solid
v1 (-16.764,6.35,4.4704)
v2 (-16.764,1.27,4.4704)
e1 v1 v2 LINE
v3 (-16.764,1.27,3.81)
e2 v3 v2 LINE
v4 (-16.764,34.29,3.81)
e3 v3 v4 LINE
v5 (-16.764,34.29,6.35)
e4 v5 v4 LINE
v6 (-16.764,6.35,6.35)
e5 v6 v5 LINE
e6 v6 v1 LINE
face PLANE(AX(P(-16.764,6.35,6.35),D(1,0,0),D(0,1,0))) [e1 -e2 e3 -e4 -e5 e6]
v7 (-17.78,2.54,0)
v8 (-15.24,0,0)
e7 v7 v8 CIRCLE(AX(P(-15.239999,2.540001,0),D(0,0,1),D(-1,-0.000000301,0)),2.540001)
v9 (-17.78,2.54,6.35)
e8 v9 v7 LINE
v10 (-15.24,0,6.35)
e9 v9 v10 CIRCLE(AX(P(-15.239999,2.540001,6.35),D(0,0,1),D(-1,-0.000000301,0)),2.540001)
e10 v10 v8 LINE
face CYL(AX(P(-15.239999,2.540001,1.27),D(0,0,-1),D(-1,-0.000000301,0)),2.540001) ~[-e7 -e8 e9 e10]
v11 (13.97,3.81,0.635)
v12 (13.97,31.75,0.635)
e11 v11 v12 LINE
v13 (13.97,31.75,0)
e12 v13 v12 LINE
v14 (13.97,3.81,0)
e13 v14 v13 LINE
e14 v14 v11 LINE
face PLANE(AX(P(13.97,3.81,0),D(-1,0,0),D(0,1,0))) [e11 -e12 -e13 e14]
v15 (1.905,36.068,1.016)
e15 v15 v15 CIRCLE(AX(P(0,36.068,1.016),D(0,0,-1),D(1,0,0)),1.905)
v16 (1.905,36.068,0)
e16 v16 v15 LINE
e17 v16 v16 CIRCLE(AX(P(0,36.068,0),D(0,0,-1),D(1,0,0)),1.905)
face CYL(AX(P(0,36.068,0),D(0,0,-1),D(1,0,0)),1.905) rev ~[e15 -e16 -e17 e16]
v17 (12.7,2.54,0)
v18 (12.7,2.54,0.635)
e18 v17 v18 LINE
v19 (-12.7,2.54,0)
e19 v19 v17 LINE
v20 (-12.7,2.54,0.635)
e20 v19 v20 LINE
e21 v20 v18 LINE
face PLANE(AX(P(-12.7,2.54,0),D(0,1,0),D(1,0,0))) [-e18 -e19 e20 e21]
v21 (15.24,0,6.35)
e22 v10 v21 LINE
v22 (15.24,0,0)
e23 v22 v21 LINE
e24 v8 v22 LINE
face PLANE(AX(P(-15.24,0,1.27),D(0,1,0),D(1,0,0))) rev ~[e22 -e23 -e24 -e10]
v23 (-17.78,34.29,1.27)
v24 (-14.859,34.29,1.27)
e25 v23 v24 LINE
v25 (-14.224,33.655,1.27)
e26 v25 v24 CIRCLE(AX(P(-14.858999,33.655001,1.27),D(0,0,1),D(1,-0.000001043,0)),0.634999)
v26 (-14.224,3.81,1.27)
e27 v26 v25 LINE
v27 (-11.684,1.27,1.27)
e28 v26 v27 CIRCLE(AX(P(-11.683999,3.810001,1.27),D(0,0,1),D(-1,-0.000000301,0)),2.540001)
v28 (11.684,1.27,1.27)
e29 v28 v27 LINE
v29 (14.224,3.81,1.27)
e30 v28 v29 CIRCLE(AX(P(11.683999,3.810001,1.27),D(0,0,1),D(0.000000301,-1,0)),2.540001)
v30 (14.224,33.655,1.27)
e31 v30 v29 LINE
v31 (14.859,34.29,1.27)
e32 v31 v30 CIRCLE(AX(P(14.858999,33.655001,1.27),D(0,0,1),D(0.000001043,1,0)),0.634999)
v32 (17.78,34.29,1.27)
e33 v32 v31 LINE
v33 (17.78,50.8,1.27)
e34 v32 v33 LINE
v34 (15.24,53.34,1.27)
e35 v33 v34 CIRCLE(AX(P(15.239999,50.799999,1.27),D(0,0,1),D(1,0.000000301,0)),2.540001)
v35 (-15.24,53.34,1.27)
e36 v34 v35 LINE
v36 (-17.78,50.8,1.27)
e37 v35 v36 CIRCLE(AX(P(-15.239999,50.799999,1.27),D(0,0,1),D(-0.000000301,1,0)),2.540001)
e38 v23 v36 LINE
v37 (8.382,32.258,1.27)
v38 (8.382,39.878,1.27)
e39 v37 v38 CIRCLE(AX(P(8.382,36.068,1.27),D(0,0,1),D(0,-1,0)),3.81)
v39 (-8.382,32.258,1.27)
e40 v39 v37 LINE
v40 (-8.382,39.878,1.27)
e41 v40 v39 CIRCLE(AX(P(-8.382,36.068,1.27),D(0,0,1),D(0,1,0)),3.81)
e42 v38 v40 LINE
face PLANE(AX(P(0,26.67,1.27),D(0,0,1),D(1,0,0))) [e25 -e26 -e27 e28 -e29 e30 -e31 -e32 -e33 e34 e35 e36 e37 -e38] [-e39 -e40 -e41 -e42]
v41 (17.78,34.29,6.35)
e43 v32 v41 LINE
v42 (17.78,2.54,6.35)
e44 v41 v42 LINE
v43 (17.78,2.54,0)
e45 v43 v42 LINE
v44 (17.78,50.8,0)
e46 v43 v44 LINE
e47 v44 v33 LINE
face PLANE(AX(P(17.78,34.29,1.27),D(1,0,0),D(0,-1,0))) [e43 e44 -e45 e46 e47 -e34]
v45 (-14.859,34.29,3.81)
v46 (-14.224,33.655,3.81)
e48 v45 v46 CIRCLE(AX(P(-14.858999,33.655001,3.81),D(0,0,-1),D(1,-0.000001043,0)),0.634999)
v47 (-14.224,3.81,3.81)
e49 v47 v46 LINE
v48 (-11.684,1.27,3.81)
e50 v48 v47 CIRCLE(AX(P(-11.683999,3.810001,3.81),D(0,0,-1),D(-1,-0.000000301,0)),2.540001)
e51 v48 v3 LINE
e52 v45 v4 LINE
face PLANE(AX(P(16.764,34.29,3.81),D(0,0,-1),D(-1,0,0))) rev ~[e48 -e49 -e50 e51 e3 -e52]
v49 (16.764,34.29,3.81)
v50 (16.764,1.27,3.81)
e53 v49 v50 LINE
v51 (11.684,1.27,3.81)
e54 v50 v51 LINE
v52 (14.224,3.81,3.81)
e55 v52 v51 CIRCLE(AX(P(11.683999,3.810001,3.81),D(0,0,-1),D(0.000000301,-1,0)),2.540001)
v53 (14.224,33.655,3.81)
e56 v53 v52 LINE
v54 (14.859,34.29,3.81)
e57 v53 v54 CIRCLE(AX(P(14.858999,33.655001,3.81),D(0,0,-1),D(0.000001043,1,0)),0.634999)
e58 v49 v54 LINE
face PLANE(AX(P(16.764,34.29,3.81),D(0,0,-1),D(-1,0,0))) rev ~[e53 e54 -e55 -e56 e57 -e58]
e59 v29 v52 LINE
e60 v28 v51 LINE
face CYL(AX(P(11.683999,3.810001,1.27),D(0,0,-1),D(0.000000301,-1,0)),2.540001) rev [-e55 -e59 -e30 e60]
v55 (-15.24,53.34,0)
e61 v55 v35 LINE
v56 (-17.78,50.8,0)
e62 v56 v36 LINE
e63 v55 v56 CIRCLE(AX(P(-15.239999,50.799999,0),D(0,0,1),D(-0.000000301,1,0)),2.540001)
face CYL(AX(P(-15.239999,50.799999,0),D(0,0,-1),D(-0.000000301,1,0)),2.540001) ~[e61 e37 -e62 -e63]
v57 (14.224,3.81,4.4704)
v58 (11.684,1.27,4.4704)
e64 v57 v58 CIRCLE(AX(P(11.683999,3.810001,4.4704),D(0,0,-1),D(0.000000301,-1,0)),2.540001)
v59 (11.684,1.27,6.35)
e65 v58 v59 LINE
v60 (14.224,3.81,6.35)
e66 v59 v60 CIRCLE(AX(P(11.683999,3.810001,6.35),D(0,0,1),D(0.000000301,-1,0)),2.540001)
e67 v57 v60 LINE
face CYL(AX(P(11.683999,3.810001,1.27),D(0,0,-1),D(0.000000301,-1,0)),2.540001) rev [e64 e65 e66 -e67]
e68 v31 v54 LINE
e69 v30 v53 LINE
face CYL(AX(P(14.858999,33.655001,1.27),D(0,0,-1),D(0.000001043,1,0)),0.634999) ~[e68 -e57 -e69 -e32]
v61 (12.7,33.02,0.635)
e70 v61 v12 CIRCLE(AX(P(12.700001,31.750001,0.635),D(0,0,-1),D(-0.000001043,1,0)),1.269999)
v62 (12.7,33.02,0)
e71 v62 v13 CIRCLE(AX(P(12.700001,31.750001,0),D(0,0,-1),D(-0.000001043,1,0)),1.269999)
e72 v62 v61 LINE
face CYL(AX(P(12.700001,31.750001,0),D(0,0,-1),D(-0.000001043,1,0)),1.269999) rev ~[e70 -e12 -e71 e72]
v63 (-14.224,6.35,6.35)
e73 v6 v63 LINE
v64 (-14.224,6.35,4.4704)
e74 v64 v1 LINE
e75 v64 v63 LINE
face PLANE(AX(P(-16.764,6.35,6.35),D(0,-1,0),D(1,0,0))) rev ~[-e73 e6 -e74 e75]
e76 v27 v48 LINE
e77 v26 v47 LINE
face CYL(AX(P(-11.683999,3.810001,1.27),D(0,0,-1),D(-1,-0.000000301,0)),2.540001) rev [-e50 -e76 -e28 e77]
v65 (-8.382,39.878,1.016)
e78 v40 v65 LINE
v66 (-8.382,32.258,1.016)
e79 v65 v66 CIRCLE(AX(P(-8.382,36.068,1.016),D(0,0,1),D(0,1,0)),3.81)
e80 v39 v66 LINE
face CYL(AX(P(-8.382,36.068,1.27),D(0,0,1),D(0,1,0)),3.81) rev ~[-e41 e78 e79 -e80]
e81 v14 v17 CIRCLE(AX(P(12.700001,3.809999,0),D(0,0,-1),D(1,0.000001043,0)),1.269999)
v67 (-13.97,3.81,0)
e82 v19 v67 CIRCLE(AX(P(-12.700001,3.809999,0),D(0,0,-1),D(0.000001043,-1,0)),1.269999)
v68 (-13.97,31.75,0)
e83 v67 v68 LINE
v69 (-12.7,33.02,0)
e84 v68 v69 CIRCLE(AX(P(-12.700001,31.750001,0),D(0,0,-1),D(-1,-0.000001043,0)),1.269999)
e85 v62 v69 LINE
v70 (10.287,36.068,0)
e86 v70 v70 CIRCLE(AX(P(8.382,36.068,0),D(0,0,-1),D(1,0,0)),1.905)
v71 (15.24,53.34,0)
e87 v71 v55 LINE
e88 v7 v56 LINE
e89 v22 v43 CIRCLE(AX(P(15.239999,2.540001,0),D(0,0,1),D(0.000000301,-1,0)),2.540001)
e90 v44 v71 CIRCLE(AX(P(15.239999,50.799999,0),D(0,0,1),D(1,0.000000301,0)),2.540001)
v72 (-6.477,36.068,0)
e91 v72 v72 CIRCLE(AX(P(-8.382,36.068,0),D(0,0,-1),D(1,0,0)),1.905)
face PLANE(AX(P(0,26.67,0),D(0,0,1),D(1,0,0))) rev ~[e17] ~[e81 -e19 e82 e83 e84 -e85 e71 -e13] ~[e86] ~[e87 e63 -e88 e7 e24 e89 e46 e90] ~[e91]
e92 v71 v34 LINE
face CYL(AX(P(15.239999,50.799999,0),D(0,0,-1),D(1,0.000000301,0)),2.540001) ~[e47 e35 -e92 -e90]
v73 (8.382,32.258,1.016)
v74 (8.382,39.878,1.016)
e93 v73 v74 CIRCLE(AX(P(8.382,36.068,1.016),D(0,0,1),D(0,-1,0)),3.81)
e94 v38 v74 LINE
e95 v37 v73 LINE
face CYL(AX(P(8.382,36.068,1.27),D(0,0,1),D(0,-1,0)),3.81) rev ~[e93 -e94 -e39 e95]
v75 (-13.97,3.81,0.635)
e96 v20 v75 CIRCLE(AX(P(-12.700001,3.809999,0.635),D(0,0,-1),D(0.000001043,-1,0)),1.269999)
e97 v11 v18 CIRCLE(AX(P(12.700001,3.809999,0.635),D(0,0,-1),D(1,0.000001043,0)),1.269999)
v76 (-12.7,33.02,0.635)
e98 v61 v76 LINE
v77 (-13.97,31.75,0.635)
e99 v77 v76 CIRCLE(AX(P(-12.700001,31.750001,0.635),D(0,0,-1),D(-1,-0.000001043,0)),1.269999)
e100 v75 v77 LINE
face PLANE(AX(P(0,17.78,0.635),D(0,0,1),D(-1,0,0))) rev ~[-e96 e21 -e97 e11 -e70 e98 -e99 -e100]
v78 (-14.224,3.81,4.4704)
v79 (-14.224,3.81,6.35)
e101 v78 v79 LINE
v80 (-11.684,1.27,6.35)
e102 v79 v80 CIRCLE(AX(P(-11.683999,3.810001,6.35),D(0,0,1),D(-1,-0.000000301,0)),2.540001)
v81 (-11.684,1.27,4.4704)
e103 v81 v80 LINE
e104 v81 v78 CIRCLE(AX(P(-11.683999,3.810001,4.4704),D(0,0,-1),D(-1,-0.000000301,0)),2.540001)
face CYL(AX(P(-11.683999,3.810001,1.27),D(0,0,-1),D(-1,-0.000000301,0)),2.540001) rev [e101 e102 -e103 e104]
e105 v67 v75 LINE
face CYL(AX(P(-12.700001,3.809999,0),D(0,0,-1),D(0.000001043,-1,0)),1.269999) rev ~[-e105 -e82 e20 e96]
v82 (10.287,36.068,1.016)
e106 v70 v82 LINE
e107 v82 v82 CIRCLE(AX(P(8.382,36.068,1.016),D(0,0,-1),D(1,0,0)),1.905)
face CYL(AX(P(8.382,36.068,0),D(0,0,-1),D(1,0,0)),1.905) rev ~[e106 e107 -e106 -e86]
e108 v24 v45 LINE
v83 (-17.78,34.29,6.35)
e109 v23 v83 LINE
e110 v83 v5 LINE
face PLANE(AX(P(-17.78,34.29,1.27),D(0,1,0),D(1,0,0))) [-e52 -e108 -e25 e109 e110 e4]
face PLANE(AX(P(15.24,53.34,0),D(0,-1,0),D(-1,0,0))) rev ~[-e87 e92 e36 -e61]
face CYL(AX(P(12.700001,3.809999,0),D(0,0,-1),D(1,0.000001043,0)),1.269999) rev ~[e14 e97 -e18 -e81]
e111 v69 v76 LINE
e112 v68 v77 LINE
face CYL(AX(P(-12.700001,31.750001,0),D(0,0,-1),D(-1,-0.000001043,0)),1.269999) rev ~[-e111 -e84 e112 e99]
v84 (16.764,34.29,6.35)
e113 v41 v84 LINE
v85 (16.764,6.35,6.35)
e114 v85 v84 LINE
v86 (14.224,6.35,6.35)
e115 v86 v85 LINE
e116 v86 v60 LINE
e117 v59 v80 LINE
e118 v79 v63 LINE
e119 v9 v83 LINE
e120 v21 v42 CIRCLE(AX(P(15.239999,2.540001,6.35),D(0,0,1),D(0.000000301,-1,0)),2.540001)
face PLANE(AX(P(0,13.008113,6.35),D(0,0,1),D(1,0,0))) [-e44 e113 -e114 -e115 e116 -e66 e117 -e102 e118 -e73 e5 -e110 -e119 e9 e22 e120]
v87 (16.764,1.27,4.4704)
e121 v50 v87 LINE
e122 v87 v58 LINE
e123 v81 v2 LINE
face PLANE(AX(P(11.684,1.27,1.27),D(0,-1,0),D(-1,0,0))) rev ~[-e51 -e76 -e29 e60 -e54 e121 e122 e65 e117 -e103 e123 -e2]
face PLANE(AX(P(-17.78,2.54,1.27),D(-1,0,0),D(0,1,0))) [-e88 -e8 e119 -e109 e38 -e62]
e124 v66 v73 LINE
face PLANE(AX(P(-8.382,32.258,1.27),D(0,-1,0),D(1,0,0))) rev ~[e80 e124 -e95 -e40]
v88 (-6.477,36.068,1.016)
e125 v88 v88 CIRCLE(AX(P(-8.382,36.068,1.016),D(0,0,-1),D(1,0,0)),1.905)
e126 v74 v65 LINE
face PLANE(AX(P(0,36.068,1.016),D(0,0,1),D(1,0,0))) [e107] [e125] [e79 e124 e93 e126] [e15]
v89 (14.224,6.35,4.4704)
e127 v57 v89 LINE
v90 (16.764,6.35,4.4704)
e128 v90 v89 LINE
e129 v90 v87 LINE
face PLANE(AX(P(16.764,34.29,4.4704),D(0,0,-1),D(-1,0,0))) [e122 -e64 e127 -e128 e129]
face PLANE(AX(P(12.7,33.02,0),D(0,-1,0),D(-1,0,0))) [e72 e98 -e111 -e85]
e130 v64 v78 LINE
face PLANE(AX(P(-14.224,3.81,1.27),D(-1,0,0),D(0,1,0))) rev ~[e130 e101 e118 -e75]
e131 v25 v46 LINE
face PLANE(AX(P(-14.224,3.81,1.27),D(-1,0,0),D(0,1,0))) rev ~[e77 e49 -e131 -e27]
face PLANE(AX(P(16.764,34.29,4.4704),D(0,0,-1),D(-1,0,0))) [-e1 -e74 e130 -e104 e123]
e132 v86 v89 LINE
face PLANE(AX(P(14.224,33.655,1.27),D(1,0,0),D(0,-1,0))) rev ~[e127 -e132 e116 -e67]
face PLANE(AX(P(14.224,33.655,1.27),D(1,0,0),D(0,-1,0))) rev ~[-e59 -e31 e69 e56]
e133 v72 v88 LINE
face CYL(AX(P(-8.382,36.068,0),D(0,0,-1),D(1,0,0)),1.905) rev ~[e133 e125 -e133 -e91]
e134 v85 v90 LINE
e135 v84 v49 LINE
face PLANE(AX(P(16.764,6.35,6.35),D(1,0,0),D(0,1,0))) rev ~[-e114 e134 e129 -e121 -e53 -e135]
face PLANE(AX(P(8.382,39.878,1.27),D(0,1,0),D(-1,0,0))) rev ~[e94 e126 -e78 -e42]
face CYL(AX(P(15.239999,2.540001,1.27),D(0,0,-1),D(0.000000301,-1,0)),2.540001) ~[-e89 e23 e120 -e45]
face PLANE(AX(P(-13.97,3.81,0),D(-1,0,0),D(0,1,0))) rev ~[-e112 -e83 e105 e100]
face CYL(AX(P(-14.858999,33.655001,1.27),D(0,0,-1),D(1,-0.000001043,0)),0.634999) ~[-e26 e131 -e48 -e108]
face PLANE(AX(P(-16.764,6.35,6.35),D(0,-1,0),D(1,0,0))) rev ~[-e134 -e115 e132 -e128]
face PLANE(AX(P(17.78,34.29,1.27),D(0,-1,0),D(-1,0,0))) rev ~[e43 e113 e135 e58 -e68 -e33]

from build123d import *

# Parameters (mm, degrees)
PAD_DEPTH       = 1.27
POCKET_DEPTH    = 0.635
SKETCH002_R     = 1.905
POCKET001_DEPTH = 5.08
PAD001_DEPTH    = 5.08
SKETCH005_W     = 33.528
SKETCH005_H     = 0.6604
POCKET002_DEPTH = 33.02
SKETCH006_W     = 33.528
SKETCH006_H     = 27.94
POCKET003_DEPTH = 2.54
POCKET004_DEPTH = 0.254


with BuildPart() as part:
    # Sketch → Pad (new body)
    with BuildSketch(Plane.XY):
        with BuildLine():
            Line((-15.24, 0), (15.24, 0))
            ThreePointArc((15.24, 0), (17.036051, 0.743949), (17.78, 2.54))
            Line((17.78, 2.54), (17.78, 50.8))
            ThreePointArc((17.78, 50.8), (17.036051, 52.596051), (15.24, 53.34))
            Line((15.24, 53.34), (-15.24, 53.34))
            ThreePointArc((-15.24, 53.34), (-17.036051, 52.596051), (-17.78, 50.8))
            Line((-17.78, 2.54), (-17.78, 50.8))
            ThreePointArc((-17.78, 2.54), (-17.036051, 0.743949), (-15.24, 0))
        make_face()
    extrude(amount=PAD_DEPTH)

    # Sketch001 (on Face9 of Pad) → Pocket (cut)
    with BuildSketch(Plane(origin=(0, 0, 0), x_dir=(1, 0, 0), z_dir=(0, 0, -1))):
        with BuildLine():
            Line((-12.7, -2.54), (12.7, -2.54))
            ThreePointArc((13.97, -3.81), (13.598026, -2.911974), (12.7, -2.54))
            Line((13.97, -3.81), (13.97, -31.75))
            ThreePointArc((12.7, -33.02), (13.598026, -32.648026), (13.97, -31.75))
            Line((12.7, -33.02), (-12.7, -33.02))
            ThreePointArc((-13.97, -31.75), (-13.598026, -32.648026), (-12.7, -33.02))
            Line((-13.97, -3.81), (-13.97, -31.75))
            ThreePointArc((-12.7, -2.54), (-13.598026, -2.911974), (-13.97, -3.81))
        make_face()
    extrude(amount=-POCKET_DEPTH, mode=Mode.SUBTRACT)

    # Sketch002 (on Face4 of Pocket) → Pocket001 (cut)
    with BuildSketch(Plane(origin=(0, 0, 0), x_dir=(1, 0, 0), z_dir=(0, 0, -1))):
        with Locations((0, -36.068)):
            Circle(SKETCH002_R)
        with Locations((8.382, -36.068)):
            Circle(SKETCH002_R)
        with Locations((-8.382, -36.068)):
            Circle(SKETCH002_R)
    extrude(amount=-POCKET001_DEPTH, mode=Mode.SUBTRACT)

    # Sketch004 (on Face5 of Pocket001) → Pad001 (join)
    with BuildSketch(Plane.XY.offset(1.27)):
        with BuildLine():
            Line((-15.24, 0), (15.24, 0))
            ThreePointArc((15.24, 0), (17.036051, 0.743949), (17.78, 2.54))
            Line((17.78, 34.29), (17.78, 2.54))
            Line((17.78, 34.29), (14.859, 34.29))
            ThreePointArc((14.859, 34.29), (14.409987, 34.104013), (14.224, 33.655))
            Line((14.224, 33.655), (14.224, 3.81))
            ThreePointArc((11.684, 1.27), (13.480051, 2.013949), (14.224, 3.81))
            Line((11.684, 1.27), (-11.684, 1.27))
            ThreePointArc((-14.224, 3.81), (-13.480051, 2.013949), (-11.684, 1.27))
            Line((-14.224, 3.81), (-14.224, 33.655))
            ThreePointArc((-14.224, 33.655), (-14.409987, 34.104013), (-14.859, 34.29))
            Line((-17.78, 34.29), (-14.859, 34.29))
            Line((-17.78, 2.54), (-17.78, 34.29))
            ThreePointArc((-17.78, 2.54), (-17.036051, 0.743949), (-15.24, 0))
        make_face()
    extrude(amount=PAD001_DEPTH)

    # Sketch005 (on Face27 of Pad001) → Pocket002 (cut)
    with BuildSketch(Plane(origin=(0, 34.29, 0), x_dir=(-1, 0, 0), z_dir=(0, 1, 0))):
        with Locations((0, 4.1402)):
            Rectangle(SKETCH005_W, SKETCH005_H)
    extrude(amount=-POCKET002_DEPTH, mode=Mode.SUBTRACT)

    # Sketch006 (on Face25 of Pocket002) → Pocket003 (cut)
    with BuildSketch(Plane.XY.offset(6.35)):
        with Locations((0, 20.32)):
            Rectangle(SKETCH006_W, SKETCH006_H)
    extrude(amount=-POCKET003_DEPTH, mode=Mode.SUBTRACT)

    # Sketch007 (on Face8 of Pocket003) → Pocket004 (cut)
    with BuildSketch(Plane.XY.offset(1.27)):
        with BuildLine():
            ThreePointArc((-8.382, 39.878), (-12.192, 36.068), (-8.382, 32.258))
            Line((-8.382, 32.258), (8.382, 32.258))
            ThreePointArc((8.382, 32.258), (12.192, 36.068), (8.382, 39.878))
            Line((8.382, 39.878), (-8.382, 39.878))
        make_face()
    extrude(amount=-POCKET004_DEPTH, mode=Mode.SUBTRACT)


solid = part.part
